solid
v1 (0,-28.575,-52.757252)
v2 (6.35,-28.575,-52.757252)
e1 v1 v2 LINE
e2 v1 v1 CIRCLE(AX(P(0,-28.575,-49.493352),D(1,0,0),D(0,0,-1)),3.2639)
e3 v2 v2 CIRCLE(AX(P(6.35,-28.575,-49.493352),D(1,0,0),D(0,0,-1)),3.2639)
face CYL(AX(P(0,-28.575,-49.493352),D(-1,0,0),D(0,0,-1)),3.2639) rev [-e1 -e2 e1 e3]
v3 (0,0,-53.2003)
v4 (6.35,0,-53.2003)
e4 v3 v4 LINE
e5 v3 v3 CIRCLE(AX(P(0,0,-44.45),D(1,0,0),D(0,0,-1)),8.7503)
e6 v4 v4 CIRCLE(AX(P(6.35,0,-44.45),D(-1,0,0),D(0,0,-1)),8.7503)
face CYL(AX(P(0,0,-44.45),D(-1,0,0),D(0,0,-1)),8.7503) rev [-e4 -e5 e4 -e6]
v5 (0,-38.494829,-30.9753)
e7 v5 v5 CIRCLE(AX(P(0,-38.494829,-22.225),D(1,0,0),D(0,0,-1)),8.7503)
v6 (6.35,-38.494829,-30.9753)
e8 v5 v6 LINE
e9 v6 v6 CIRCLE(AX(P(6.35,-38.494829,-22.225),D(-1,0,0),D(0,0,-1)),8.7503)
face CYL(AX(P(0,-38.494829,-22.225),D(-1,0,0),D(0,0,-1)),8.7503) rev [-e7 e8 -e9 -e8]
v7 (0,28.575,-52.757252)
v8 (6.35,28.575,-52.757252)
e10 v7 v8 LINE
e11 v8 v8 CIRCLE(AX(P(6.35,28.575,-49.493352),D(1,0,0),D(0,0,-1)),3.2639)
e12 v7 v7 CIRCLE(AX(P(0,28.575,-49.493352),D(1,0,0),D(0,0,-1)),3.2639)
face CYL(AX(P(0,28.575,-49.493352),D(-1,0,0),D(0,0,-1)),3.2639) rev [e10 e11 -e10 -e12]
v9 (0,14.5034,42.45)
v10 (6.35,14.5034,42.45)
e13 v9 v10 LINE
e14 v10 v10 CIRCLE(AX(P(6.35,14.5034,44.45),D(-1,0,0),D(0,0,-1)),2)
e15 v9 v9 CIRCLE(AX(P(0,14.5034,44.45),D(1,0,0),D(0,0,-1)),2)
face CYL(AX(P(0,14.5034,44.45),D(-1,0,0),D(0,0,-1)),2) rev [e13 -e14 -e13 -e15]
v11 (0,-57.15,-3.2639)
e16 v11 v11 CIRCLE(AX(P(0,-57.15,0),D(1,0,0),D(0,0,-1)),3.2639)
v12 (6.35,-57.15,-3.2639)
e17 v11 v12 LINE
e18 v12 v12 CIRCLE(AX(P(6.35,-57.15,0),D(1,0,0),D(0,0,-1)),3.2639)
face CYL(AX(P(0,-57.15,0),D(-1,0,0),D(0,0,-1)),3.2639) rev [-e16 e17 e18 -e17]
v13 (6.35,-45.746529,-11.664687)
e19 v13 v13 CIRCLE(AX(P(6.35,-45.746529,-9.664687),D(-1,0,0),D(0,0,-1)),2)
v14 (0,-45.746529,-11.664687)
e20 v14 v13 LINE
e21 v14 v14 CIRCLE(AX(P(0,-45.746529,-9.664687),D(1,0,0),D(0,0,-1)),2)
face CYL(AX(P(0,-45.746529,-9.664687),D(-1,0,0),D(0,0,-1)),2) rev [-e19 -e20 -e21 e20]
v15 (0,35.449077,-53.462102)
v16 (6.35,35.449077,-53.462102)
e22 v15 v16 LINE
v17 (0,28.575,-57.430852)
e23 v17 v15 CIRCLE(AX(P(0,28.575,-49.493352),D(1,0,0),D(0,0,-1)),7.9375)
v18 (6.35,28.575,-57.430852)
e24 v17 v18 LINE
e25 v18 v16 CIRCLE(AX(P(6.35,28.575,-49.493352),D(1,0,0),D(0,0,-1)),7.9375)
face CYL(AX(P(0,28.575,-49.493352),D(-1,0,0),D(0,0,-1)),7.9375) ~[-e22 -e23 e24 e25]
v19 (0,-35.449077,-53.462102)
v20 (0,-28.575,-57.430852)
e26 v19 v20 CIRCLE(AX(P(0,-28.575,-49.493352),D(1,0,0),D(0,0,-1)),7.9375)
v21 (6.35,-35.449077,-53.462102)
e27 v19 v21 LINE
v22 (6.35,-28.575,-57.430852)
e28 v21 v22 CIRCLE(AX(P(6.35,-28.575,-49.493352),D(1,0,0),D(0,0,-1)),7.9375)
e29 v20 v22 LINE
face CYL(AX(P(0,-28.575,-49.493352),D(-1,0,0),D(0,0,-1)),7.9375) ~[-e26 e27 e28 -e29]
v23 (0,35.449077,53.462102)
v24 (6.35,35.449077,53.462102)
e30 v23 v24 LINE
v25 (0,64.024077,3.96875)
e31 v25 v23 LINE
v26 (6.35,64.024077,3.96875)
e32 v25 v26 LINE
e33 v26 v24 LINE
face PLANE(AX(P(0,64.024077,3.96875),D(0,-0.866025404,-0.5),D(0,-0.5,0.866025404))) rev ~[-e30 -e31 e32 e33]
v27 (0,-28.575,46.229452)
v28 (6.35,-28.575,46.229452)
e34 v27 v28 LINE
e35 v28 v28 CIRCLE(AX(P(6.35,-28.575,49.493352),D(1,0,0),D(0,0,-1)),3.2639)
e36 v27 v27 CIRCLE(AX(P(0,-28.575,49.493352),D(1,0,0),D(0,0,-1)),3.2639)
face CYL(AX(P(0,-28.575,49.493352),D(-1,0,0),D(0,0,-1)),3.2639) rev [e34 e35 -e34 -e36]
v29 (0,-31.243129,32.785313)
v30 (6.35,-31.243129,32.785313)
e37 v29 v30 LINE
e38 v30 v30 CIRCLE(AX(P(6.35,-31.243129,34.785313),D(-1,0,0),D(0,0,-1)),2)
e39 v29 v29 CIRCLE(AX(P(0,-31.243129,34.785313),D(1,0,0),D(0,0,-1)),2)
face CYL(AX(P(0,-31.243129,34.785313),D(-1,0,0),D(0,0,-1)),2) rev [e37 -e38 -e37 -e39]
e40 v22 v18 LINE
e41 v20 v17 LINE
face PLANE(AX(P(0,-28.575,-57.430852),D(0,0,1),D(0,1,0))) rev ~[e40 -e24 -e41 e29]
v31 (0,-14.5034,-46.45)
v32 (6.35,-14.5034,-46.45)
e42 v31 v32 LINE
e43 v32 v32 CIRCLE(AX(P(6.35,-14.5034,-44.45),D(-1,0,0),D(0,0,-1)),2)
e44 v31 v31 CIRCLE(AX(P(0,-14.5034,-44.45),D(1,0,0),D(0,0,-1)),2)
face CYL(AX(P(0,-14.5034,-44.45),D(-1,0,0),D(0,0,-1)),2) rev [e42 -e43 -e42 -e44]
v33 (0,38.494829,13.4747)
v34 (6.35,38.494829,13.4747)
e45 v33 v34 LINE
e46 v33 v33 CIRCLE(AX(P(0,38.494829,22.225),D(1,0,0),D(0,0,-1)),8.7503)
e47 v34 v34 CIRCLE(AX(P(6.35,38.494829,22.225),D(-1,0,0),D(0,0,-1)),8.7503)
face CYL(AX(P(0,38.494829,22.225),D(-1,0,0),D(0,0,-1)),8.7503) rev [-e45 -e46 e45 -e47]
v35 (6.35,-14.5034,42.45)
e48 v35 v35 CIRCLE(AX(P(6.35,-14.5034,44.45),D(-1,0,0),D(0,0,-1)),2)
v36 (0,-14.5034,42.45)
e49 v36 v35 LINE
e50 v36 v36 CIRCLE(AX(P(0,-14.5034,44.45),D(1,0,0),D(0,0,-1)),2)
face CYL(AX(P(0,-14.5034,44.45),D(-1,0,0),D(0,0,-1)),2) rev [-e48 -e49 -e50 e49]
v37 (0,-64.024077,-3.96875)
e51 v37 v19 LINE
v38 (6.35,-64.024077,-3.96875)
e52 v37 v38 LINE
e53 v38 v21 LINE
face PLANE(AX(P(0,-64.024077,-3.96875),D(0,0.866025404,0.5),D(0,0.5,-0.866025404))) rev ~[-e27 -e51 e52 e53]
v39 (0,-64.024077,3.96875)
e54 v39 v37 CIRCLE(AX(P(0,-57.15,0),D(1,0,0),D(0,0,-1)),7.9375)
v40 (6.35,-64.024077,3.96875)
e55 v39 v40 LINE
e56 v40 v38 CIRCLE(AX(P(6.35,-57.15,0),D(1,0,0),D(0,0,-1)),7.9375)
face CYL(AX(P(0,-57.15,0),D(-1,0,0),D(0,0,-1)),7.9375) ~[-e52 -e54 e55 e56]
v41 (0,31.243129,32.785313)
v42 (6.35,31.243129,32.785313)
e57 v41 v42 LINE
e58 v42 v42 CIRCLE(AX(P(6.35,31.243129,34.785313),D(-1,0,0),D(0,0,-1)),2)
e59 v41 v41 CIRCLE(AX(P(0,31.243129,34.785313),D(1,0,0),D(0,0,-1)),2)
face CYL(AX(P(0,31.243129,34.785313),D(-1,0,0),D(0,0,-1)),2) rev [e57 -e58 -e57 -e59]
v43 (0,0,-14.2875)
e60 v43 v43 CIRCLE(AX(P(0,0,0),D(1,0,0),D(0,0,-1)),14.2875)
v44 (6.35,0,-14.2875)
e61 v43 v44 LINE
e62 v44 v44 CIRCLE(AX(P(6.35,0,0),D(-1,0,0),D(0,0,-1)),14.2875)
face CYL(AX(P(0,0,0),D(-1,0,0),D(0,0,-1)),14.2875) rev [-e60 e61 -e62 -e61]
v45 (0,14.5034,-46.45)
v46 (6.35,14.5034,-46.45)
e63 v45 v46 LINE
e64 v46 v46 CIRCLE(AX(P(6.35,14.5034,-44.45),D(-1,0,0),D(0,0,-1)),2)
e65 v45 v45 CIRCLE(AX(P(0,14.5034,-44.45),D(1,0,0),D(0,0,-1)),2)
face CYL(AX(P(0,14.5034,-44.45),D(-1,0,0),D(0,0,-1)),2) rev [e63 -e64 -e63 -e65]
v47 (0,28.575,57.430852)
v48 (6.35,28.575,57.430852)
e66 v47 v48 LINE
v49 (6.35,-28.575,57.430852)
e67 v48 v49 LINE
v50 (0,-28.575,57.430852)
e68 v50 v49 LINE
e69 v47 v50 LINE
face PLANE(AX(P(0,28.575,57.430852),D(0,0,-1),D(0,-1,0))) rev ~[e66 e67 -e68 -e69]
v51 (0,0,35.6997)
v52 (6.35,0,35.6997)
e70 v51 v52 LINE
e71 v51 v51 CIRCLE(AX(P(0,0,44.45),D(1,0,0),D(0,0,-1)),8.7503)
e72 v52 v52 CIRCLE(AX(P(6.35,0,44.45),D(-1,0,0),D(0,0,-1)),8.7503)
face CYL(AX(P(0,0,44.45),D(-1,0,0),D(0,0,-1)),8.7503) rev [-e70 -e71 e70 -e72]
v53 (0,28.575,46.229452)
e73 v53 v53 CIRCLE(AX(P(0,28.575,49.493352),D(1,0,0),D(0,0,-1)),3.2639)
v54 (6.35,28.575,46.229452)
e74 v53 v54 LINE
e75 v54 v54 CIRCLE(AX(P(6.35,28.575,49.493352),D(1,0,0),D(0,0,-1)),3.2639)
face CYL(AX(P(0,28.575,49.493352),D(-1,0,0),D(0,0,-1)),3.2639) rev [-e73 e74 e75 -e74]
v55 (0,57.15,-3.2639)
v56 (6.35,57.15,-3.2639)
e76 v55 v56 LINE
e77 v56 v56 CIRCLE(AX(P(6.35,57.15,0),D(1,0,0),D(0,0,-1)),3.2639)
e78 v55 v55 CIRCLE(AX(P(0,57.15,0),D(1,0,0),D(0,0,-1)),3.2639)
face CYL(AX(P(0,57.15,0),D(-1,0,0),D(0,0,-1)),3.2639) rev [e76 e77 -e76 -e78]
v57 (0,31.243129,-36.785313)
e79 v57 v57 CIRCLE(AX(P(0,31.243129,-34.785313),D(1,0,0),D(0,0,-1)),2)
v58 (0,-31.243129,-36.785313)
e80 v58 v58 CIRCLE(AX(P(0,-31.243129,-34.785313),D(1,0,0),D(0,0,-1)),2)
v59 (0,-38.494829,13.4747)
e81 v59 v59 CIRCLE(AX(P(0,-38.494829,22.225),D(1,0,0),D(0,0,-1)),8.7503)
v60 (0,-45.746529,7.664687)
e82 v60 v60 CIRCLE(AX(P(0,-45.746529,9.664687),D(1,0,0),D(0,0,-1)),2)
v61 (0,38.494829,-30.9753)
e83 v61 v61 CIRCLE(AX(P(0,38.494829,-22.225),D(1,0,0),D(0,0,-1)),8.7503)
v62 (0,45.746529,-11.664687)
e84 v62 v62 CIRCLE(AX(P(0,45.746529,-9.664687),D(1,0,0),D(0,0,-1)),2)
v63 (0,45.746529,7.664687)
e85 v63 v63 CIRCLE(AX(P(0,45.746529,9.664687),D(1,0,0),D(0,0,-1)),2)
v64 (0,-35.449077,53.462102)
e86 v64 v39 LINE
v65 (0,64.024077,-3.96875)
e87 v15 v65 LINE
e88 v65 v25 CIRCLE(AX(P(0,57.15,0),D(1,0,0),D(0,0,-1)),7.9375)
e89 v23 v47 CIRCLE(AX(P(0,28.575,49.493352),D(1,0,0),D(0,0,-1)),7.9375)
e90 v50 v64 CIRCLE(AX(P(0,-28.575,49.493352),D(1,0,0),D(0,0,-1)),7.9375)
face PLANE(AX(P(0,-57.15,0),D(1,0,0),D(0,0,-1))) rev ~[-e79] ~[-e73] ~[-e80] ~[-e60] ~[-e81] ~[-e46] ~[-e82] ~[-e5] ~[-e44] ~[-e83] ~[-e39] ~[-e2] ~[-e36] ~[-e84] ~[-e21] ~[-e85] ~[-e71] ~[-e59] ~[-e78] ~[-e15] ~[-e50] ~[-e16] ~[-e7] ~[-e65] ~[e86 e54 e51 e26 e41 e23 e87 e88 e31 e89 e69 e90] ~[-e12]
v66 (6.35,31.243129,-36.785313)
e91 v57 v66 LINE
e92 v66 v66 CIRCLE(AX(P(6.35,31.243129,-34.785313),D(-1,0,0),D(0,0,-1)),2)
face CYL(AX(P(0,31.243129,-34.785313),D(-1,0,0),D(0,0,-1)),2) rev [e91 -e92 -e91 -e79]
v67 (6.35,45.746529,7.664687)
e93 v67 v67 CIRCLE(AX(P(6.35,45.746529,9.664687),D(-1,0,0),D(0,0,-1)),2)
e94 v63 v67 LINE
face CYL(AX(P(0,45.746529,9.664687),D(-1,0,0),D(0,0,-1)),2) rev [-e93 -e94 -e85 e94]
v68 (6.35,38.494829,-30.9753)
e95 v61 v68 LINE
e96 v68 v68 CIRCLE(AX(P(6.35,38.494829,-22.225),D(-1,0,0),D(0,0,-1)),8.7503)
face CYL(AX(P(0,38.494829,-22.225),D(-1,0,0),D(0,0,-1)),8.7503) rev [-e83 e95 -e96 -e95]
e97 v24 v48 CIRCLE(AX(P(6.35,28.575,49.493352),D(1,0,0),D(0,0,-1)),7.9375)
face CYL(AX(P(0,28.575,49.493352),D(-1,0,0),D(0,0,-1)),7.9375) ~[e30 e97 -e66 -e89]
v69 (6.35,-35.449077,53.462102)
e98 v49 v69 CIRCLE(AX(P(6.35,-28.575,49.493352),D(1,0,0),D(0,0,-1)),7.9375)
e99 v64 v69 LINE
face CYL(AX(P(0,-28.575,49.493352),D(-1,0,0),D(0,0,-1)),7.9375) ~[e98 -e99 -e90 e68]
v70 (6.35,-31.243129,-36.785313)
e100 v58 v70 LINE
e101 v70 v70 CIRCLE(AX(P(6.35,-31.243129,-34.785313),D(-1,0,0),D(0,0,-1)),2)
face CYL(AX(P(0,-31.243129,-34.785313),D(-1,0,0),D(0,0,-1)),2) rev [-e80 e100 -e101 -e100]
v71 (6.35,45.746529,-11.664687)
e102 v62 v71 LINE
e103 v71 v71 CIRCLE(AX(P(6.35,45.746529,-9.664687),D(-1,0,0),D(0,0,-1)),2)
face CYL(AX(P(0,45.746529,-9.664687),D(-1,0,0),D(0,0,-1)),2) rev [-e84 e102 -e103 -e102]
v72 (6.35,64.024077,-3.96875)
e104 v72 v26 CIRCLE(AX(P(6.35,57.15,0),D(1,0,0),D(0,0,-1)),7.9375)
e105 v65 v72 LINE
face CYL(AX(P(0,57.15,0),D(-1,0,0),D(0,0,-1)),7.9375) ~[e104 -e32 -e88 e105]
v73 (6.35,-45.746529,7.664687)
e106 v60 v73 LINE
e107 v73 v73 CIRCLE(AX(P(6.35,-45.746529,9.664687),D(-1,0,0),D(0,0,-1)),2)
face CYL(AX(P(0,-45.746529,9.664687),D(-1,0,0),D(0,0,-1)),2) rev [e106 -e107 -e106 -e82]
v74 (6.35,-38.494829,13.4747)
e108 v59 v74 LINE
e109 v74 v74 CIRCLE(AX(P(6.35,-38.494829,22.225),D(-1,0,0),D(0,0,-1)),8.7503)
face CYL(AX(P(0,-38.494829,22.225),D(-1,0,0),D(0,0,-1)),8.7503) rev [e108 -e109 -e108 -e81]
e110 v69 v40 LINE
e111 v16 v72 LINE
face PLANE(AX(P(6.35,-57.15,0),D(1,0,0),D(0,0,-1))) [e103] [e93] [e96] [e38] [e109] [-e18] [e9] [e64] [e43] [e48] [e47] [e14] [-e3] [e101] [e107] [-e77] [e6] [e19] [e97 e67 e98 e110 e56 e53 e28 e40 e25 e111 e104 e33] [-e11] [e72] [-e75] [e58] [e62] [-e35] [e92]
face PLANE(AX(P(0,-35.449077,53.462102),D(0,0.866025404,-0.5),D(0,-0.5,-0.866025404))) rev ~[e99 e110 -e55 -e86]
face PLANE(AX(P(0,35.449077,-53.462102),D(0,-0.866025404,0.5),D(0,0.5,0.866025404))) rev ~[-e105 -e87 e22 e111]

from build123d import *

# Parameters (mm, degrees)
SKETCH1_R           = 7.9375
SKETCH1_R_2         = 3.2639
BOSS_EXTRUDE1_DEPTH = 6.35
SKETCH2_R           = 14.2875
SKETCH2_R_2         = 2
SKETCH2_R_3         = 8.7503
CUT_EXTRUDE1_DEPTH  = 88.034521299


with BuildPart() as part:
    # Sketch1 → Boss-Extrude1 (new body)
    # profile 1 of 7: a face of its own
    with BuildSketch(Plane(origin=(0, 0, 0), x_dir=(0, 0, -1), z_dir=(1, 0, 0))):
        with BuildLine():
            ThreePointArc((-41.555851826, 28.575), (-49.493351826, 20.6375), (-57.430851826, 28.575))
            Line((-57.430851826, 28.575), (-57.430851826, -28.575))
            ThreePointArc((-57.430851826, -28.575), (-49.493351826, -20.6375), (-41.555851826, -28.575))
            ThreePointArc((-41.555851826, -28.575), (-45.524601826, -35.449076643), (-53.462101826, -35.449076643))
            Line((-53.462101826, -35.449076643), (-3.96875, -64.024076643))
            ThreePointArc((-3.96875, -64.024076643), (-3.96875, -50.275923357), (7.9375, -57.15))
            ThreePointArc((7.9375, -57.15), (6.874076643, -61.11875), (3.96875, -64.024076643))
            Line((3.96875, -64.024076643), (53.462101826, -35.449076643))
            ThreePointArc((53.462101826, -35.449076643), (42.619275184, -24.60625), (57.430851826, -28.575))
            Line((57.430851826, -28.575), (57.430851826, 28.575))
            ThreePointArc((57.430851826, 28.575), (42.619275184, 24.60625), (53.462101826, 35.449076643))
            Line((53.462101826, 35.449076643), (3.96875, 64.024076643))
            ThreePointArc((3.96875, 64.024076643), (6.874076643, 61.11875), (7.9375, 57.15))
            ThreePointArc((7.9375, 57.15), (-3.96875, 50.275923357), (-3.96875, 64.024076643))
            Line((-3.96875, 64.024076643), (-53.462101826, 35.449076643))
            ThreePointArc((-53.462101826, 35.449076643), (-45.524601826, 35.449076643), (-41.555851826, 28.575))
        make_face()
    # profile 2 of 7: a face of its own
    with BuildSketch(Plane(origin=(0, 0, 0), x_dir=(0, 0, -1), z_dir=(1, 0, 0))):
        with Locations((-49.493351826, 28.575)):
            Circle(SKETCH1_R)
        with Locations((-49.493351826, 28.575)):
            Circle(SKETCH1_R_2, mode=Mode.SUBTRACT)
    # profile 3 of 7: a face of its own
    with BuildSketch(Plane(origin=(0, 0, 0), x_dir=(0, 0, -1), z_dir=(1, 0, 0))):
        with Locations((-49.493351826, -28.575)):
            Circle(SKETCH1_R)
        with Locations((-49.493351826, -28.575)):
            Circle(SKETCH1_R_2, mode=Mode.SUBTRACT)
    # profile 4 of 7: a face of its own
    with BuildSketch(Plane(origin=(0, 0, 0), x_dir=(0, 0, -1), z_dir=(1, 0, 0))):
        with Locations((0, 57.15)):
            Circle(SKETCH1_R)
        with Locations((0, 57.15)):
            Circle(SKETCH1_R_2, mode=Mode.SUBTRACT)
    # profile 5 of 7: a face of its own
    with BuildSketch(Plane(origin=(0, 0, 0), x_dir=(0, 0, -1), z_dir=(1, 0, 0))):
        with Locations((49.493351826, 28.575)):
            Circle(SKETCH1_R)
        with Locations((49.493351826, 28.575)):
            Circle(SKETCH1_R_2, mode=Mode.SUBTRACT)
    # profile 6 of 7: a face of its own
    with BuildSketch(Plane(origin=(0, 0, 0), x_dir=(0, 0, -1), z_dir=(1, 0, 0))):
        with Locations((49.493351826, -28.575)):
            Circle(SKETCH1_R)
        with Locations((49.493351826, -28.575)):
            Circle(SKETCH1_R_2, mode=Mode.SUBTRACT)
    # profile 7 of 7: a face of its own
    with BuildSketch(Plane(origin=(0, 0, 0), x_dir=(0, 0, -1), z_dir=(1, 0, 0))):
        with Locations((0, -57.15)):
            Circle(SKETCH1_R)
        with Locations((0, -57.15)):
            Circle(SKETCH1_R_2, mode=Mode.SUBTRACT)
    extrude(amount=BOSS_EXTRUDE1_DEPTH)

    # Sketch2 → Cut-Extrude1 (cut, through all)
    with BuildSketch(Plane(origin=(0, 0, 0), x_dir=(0, 0, -1), z_dir=(1, 0, 0))):
        Circle(SKETCH2_R)
        with Locations((-34.785312841, -31.243129198)):
            Circle(SKETCH2_R_2)
        with Locations((-22.225, -38.494829198)):
            Circle(SKETCH2_R_3)
        with Locations((-9.664687159, -45.746529198)):
            Circle(SKETCH2_R_2)
        with Locations((9.664687159, -45.746529198)):
            Circle(SKETCH2_R_2)
        with Locations((34.785312841, -31.243129198)):
            Circle(SKETCH2_R_2)
        with Locations((22.225, -38.494829198)):
            Circle(SKETCH2_R_3)
        with Locations((44.45, -14.5034)):
            Circle(SKETCH2_R_2)
        with Locations((44.45, 0)):
            Circle(SKETCH2_R_3)
        with Locations((44.45, 14.5034)):
            Circle(SKETCH2_R_2)
        with Locations((34.785312841, 31.243129198)):
            Circle(SKETCH2_R_2)
        with Locations((9.664687159, 45.746529198)):
            Circle(SKETCH2_R_2)
        with Locations((-9.664687159, 45.746529198)):
            Circle(SKETCH2_R_2)
        with Locations((22.225, 38.494829198)):
            Circle(SKETCH2_R_3)
        with Locations((-34.785312841, 31.243129198)):
            Circle(SKETCH2_R_2)
        with Locations((-22.225, 38.494829198)):
            Circle(SKETCH2_R_3)
        with Locations((-44.45, -14.5034)):
            Circle(SKETCH2_R_2)
        with Locations((-44.45, 14.5034)):
            Circle(SKETCH2_R_2)
        with Locations((-44.45, 0)):
            Circle(SKETCH2_R_3)
    extrude(amount=CUT_EXTRUDE1_DEPTH, mode=Mode.SUBTRACT)


solid = part.part
